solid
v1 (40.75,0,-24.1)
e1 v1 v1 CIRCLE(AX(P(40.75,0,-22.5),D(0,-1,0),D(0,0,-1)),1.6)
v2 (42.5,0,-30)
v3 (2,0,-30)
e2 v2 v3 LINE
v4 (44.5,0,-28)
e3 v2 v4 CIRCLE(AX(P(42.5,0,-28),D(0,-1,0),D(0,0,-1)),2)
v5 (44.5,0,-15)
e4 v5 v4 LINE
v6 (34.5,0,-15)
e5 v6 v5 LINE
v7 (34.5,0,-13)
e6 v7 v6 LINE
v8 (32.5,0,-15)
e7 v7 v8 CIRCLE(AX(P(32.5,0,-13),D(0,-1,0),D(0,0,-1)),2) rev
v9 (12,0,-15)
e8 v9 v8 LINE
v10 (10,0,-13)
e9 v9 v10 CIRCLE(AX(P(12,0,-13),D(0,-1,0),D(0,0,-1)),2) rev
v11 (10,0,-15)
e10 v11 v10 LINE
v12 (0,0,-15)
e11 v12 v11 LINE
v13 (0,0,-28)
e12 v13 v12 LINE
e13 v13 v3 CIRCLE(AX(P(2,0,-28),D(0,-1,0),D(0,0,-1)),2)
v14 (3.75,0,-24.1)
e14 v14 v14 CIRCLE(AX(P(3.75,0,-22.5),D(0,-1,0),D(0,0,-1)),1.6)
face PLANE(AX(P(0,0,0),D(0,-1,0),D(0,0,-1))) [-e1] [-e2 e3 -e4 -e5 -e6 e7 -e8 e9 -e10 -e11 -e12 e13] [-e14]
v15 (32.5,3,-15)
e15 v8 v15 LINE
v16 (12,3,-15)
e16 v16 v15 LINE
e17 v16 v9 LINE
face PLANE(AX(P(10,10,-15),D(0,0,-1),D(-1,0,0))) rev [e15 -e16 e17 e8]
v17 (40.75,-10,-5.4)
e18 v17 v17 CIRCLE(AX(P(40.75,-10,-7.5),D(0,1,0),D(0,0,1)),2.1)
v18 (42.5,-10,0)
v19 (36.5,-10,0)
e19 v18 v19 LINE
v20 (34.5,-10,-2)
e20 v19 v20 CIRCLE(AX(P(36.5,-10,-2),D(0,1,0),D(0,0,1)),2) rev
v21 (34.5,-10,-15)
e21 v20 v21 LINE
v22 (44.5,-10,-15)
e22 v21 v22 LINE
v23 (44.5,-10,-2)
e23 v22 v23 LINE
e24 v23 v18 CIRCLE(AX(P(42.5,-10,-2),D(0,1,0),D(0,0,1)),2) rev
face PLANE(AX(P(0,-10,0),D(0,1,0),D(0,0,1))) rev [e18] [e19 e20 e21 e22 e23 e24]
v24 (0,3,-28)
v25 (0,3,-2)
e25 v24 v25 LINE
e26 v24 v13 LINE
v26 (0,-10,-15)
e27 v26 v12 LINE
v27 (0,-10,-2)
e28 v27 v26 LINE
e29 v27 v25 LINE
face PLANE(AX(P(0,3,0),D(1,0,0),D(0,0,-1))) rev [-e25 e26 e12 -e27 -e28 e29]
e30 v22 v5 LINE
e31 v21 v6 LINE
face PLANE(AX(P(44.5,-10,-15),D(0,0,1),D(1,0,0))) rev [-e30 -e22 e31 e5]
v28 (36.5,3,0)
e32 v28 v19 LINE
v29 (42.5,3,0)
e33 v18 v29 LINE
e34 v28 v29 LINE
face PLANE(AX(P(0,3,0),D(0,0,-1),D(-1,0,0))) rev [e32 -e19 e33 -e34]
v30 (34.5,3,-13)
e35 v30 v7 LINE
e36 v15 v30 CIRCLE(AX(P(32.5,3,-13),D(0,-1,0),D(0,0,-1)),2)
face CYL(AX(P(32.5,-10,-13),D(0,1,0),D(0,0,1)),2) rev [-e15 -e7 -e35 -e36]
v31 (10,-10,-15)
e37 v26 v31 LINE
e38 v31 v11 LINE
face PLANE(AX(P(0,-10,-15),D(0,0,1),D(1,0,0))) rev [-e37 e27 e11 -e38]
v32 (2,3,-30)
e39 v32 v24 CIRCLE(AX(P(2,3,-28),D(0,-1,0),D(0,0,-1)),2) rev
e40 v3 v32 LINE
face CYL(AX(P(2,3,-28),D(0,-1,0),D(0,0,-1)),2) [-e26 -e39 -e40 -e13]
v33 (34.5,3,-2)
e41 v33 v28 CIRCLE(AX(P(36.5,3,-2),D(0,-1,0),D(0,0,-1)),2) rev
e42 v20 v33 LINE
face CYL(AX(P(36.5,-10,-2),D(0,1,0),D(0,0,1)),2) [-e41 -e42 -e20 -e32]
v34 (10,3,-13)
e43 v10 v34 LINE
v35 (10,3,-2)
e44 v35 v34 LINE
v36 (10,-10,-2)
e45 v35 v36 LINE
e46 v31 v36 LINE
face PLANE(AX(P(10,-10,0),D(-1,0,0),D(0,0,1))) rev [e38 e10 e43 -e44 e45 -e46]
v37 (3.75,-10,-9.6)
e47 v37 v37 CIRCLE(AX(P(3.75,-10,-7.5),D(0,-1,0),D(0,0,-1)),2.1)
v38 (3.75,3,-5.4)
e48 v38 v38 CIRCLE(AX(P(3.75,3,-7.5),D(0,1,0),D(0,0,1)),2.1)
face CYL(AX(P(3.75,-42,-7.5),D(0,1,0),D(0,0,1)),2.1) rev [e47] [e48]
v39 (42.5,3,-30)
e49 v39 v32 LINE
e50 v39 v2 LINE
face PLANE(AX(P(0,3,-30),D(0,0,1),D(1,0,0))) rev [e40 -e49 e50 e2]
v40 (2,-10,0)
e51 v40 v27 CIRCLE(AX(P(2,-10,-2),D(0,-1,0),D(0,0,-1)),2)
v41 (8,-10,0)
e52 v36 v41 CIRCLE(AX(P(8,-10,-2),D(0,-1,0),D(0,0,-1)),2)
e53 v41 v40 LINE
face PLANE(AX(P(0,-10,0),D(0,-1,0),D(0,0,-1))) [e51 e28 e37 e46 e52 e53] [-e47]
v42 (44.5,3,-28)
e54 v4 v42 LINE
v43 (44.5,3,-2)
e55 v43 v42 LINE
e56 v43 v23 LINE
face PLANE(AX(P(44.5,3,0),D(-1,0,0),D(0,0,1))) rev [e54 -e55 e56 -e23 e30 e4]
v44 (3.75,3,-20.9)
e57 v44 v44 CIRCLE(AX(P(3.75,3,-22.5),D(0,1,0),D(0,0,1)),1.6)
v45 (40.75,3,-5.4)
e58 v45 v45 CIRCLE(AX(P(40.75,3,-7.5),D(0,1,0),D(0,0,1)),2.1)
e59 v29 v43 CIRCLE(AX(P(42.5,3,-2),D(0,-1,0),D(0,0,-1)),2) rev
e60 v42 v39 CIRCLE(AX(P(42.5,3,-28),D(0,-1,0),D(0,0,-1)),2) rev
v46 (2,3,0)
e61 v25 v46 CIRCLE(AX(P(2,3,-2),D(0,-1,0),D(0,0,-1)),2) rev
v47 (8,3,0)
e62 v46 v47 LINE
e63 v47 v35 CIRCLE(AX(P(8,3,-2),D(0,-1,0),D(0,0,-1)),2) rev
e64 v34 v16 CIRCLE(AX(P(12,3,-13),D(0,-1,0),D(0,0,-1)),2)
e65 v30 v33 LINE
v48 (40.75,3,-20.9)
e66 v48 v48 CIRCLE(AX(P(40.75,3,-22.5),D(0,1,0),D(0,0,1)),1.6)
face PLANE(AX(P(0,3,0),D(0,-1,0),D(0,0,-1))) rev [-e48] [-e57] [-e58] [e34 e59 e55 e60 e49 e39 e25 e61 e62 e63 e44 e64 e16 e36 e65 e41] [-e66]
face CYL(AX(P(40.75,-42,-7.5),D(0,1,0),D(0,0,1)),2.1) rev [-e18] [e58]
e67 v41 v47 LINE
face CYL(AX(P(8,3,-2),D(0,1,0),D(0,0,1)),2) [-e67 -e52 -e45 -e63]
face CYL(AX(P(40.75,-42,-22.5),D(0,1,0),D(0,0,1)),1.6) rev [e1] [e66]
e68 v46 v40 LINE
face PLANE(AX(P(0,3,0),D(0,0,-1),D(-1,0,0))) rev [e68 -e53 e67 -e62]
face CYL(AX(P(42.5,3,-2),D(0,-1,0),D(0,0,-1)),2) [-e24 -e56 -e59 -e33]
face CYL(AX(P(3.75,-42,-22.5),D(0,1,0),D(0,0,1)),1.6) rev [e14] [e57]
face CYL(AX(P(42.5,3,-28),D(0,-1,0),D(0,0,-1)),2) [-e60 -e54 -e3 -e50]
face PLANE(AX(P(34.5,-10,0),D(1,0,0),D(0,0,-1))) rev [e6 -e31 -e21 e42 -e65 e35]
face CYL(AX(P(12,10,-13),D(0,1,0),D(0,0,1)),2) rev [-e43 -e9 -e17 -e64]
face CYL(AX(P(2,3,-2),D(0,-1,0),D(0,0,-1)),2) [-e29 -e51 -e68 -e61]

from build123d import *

# Parameters (mm, degrees)
SKETCH_1_W          = 44.5
SKETCH_1_H          = 30
EXTRUDE_1_DEPTH     = 3
SKETCH_2_W          = 10
SKETCH_2_H          = 15
EXTRUDE_2_DEPTH     = 10
SKETCH_3_R          = 2.1
SKETCH_3_R_2        = 1.6
CUT_EXTRUDE_1_DEPTH = 45
SKETCH_4_W          = 24.5
SKETCH_4_H          = 15
CUT_EXTRUDE_2_DEPTH = 10
FILLET_2_R          = 2


with BuildPart() as part:
    # ｽｹｯﾁ1 → ﾎﾞｽ - 押し出し1 (new body)
    with BuildSketch(Plane(origin=(0, 0, 0), x_dir=(1, 0, 0), z_dir=(0, 1, 0))):
        with Locations((22.25, 15)):
            Rectangle(SKETCH_1_W, SKETCH_1_H)
    extrude(amount=EXTRUDE_1_DEPTH)

    # ｽｹｯﾁ2 → ﾎﾞｽ - 押し出し2 (add)
    with BuildSketch(Plane(origin=(0, 0, 0), x_dir=(-1, 0, 0), z_dir=(0, -1, 0))):
        with Locations((-5, 7.5)):
            Rectangle(SKETCH_2_W, SKETCH_2_H)
        with Locations((-39.5, 7.5)):
            Rectangle(SKETCH_2_W, SKETCH_2_H)
    extrude(amount=EXTRUDE_2_DEPTH)

    # ｽｹｯﾁ3 → ｶｯﾄ - 押し出し1 (cut)
    with BuildSketch(Plane(origin=(0, 3, 0), x_dir=(1, 0, 0), z_dir=(0, 1, 0))):
        with Locations((3.75, 7.5)):
            Circle(SKETCH_3_R)
        with Locations((40.75, 7.5)):
            Circle(SKETCH_3_R)
        with Locations((40.75, 22.5)):
            Circle(SKETCH_3_R_2)
        with Locations((3.75, 22.5)):
            Circle(SKETCH_3_R_2)
    extrude(amount=-CUT_EXTRUDE_1_DEPTH, mode=Mode.SUBTRACT)

    # ｽｹｯﾁ4 → ｶｯﾄ - 押し出し2 (cut)
    with BuildSketch(Plane(origin=(0, 0, 0), x_dir=(-1, 0, 0), z_dir=(0, -1, 0))):
        with Locations((-22.25, 7.5)):
            Rectangle(SKETCH_4_W, SKETCH_4_H)
    extrude(amount=-CUT_EXTRUDE_2_DEPTH, mode=Mode.SUBTRACT)

    # ﾌｨﾚｯﾄ2
    fillet_2_edges = [part.edges().sort_by_distance(p)[0] for p in [
        (10, -3.5, 0),
        (34.5, -3.5, 0),
        (10, 1.5, -15),
        (34.5, 1.5, -15),
        (0, 1.5, -30),
        (44.5, 1.5, -30),
        (44.5, -3.5, 0),
        (0, -3.5, 0),
    ]]
    fillet(fillet_2_edges, radius=FILLET_2_R)


solid = part.part
